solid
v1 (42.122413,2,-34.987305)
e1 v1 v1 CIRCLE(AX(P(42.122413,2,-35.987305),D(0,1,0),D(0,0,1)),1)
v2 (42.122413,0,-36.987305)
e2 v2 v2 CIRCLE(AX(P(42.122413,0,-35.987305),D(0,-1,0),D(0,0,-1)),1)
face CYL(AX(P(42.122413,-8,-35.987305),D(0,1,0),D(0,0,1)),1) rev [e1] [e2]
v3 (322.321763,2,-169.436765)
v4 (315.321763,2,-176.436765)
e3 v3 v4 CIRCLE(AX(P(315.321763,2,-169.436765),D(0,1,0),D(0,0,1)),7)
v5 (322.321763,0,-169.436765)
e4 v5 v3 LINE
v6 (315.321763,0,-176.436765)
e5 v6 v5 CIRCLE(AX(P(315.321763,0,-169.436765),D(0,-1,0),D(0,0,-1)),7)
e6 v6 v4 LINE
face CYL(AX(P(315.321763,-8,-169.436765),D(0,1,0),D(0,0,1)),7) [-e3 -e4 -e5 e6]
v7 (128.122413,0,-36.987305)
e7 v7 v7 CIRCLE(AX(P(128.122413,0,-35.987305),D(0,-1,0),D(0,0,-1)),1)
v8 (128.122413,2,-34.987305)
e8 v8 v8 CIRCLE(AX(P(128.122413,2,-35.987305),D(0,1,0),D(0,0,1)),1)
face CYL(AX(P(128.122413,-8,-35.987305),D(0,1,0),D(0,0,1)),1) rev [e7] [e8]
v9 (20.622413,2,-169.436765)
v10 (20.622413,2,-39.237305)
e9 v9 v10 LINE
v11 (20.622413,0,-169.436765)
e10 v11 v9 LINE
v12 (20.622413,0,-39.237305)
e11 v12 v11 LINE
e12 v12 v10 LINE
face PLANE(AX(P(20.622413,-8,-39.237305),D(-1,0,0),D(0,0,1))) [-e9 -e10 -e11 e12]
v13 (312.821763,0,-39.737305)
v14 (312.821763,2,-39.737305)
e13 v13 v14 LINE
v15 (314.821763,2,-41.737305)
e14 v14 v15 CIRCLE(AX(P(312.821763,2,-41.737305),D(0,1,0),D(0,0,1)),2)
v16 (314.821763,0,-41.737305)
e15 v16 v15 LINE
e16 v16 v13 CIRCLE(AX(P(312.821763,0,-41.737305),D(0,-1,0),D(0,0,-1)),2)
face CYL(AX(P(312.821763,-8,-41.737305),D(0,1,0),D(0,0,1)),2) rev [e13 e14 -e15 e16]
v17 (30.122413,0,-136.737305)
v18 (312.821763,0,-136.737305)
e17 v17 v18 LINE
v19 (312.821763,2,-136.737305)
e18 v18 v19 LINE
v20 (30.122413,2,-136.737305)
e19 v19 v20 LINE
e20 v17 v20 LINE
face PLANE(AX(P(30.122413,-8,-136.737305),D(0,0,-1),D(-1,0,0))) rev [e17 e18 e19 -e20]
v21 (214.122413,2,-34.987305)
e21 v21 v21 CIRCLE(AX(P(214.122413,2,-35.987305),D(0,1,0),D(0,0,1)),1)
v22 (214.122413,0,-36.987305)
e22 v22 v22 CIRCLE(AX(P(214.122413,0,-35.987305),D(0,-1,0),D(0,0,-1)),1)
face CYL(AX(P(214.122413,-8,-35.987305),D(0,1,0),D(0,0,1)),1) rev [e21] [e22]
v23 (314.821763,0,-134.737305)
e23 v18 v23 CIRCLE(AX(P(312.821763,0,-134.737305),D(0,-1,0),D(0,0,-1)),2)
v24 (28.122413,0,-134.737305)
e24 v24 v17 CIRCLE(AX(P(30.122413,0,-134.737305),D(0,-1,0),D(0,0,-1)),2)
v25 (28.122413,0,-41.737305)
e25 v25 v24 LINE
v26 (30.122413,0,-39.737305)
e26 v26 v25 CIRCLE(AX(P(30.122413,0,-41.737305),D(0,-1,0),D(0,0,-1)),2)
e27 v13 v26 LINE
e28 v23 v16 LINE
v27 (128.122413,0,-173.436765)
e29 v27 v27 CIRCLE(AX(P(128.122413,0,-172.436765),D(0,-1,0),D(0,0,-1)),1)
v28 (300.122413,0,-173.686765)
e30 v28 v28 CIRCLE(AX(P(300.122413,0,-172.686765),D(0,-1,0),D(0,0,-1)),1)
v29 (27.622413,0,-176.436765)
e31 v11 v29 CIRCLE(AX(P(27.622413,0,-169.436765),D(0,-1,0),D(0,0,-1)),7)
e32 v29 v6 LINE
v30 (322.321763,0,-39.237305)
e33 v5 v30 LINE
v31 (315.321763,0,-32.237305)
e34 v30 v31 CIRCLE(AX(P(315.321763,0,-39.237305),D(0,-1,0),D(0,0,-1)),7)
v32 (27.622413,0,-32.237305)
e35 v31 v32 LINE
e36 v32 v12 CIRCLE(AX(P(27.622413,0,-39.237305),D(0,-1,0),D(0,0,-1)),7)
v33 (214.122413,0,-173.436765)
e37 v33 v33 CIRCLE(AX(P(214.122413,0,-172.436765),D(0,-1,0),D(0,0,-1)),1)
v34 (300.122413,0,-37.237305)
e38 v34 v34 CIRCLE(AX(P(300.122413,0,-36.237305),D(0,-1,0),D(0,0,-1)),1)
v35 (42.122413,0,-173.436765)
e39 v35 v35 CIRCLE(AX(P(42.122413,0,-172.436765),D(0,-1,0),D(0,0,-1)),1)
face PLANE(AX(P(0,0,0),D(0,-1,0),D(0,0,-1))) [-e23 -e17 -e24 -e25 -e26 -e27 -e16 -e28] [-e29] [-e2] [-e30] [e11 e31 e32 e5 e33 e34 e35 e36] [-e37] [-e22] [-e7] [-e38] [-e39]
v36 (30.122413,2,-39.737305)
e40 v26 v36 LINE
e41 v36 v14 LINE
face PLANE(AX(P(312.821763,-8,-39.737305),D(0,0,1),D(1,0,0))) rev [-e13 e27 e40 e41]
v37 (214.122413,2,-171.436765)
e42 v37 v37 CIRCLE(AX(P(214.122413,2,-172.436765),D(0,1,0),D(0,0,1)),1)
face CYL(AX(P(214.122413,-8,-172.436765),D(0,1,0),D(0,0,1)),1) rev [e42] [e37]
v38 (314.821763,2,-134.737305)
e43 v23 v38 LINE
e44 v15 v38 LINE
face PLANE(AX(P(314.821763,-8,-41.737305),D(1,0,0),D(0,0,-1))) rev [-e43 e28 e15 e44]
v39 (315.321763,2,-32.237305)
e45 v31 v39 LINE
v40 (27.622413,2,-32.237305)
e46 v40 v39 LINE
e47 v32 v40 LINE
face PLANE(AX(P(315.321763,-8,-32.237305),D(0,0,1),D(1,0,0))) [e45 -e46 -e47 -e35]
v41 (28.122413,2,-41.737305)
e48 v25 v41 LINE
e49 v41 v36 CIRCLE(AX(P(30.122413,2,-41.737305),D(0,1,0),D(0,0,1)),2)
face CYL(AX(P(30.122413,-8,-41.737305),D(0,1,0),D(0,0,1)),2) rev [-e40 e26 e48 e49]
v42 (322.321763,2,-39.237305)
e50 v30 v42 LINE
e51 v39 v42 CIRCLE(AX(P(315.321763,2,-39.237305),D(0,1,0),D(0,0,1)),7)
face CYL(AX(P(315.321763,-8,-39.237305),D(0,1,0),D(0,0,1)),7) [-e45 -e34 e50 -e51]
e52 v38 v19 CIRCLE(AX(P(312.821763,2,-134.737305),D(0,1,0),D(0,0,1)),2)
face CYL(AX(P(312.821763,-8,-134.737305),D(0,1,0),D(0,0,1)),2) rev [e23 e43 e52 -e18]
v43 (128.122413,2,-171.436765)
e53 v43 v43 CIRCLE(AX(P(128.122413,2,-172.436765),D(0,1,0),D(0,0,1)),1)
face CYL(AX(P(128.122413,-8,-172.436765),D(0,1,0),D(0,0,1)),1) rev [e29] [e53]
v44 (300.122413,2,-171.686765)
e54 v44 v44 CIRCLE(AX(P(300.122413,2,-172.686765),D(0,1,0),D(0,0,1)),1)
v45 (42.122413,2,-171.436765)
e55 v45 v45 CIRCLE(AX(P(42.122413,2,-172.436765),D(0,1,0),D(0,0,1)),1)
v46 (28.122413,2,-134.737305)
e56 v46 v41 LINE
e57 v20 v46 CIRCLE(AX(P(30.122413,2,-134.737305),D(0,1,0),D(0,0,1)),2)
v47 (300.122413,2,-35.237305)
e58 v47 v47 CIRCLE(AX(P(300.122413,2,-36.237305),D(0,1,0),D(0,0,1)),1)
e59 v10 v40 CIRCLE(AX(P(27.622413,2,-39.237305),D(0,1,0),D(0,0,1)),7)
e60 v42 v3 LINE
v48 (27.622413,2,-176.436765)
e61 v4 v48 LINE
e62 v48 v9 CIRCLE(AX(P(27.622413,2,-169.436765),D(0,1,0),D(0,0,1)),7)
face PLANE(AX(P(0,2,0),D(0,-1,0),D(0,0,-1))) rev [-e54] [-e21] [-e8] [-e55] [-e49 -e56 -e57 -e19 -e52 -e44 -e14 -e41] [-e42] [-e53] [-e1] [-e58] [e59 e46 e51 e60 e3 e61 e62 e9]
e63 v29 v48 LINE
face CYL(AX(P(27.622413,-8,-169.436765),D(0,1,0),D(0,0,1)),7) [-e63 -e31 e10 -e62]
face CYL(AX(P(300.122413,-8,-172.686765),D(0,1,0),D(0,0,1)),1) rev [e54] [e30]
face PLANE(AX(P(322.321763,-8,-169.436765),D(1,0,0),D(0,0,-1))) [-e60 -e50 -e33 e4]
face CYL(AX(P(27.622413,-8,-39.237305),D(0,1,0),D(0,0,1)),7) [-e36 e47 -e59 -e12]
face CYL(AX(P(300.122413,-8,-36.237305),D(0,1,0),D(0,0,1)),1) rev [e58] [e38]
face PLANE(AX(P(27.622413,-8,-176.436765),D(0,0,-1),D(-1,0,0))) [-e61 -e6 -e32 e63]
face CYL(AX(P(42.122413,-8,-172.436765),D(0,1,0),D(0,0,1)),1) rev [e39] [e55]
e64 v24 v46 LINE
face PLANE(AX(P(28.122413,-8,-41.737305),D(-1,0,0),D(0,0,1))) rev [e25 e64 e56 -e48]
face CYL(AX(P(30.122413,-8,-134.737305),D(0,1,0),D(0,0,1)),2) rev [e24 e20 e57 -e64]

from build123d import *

# Parameters (mm, degrees)
SKETCH1_W           = 350
SKETCH1_H           = 250
BOSS_EXTRUDE1_DEPTH = 2
SKETCH2_OUTSIDE_W   = 438.024
SKETCH2_OUTSIDE_H   = 338.024
SKETCH2_OUTSIDE_R   = 1
CUT_EXTRUDE1_DEPTH  = 10


with BuildPart() as part:
    # Sketch1 → Boss-Extrude1 (new body)
    with BuildSketch(Plane(origin=(0, 0, 0), x_dir=(1, 0, 0), z_dir=(0, 1, 0))):
        with Locations((175, 125)):
            Rectangle(SKETCH1_W, SKETCH1_H)
    extrude(amount=BOSS_EXTRUDE1_DEPTH)

    # Sketch2 outside → Cut-Extrude1 (cut)
    with BuildSketch(Plane(origin=(0, 2, 0), x_dir=(1, 0, 0), z_dir=(0, 1, 0))):
        with Locations((175, 125)):
            Rectangle(SKETCH2_OUTSIDE_W, SKETCH2_OUTSIDE_H)
        with BuildLine():
            Line((20.622413462, 39.237304679), (20.622413462, 169.436764679))
            ThreePointArc((20.622413462, 169.436764679), (22.672665993, 174.386512147), (27.622413462, 176.436764679))
            Line((27.622413462, 176.436764679), (315.321763462, 176.436764679))
            ThreePointArc((315.321763462, 176.436764679), (320.27151093, 174.386512147), (322.321763462, 169.436764679))
            Line((322.321763462, 169.436764679), (322.321763462, 39.237304679))
            ThreePointArc((322.321763462, 39.237304679), (320.27151093, 34.28755721), (315.321763462, 32.237304679))
            Line((315.321763462, 32.237304679), (27.622413462, 32.237304679))
            ThreePointArc((27.622413462, 32.237304679), (22.672665993, 34.28755721), (20.622413462, 39.237304679))
        make_face(mode=Mode.SUBTRACT)
        with Locations((42.122413462, 172.436764679)):
            Circle(SKETCH2_OUTSIDE_R)
        with Locations((128.122413462, 172.436764679)):
            Circle(SKETCH2_OUTSIDE_R)
        with Locations((214.122413462, 172.436764679)):
            Circle(SKETCH2_OUTSIDE_R)
        with Locations((300.122413462, 172.686764679)):
            Circle(SKETCH2_OUTSIDE_R)
        with Locations((300.122413462, 36.237304679)):
            Circle(SKETCH2_OUTSIDE_R)
        with Locations((214.122413462, 35.987304679)):
            Circle(SKETCH2_OUTSIDE_R)
        with Locations((128.122413462, 35.987304679)):
            Circle(SKETCH2_OUTSIDE_R)
        with Locations((42.122413462, 35.987304679)):
            Circle(SKETCH2_OUTSIDE_R)
        with BuildLine():
            Line((312.821763462, 39.737304679), (30.122413462, 39.737304679))
            ThreePointArc((30.122413462, 39.737304679), (28.708199899, 40.323091116), (28.122413462, 41.737304679))
            Line((28.122413462, 41.737304679), (28.122413462, 134.737304679))
            ThreePointArc((28.122413462, 134.737304679), (28.708199899, 136.151518241), (30.122413462, 136.737304679))
            Line((30.122413462, 136.737304679), (312.821763462, 136.737304679))
            ThreePointArc((312.821763462, 136.737304679), (314.235977024, 136.151518241), (314.821763462, 134.737304679))
            Line((314.821763462, 134.737304679), (314.821763462, 41.737304679))
            ThreePointArc((314.821763462, 41.737304679), (314.235977024, 40.323091116), (312.821763462, 39.737304679))
        make_face()
    extrude(amount=-CUT_EXTRUDE1_DEPTH, mode=Mode.SUBTRACT)


solid = part.part
